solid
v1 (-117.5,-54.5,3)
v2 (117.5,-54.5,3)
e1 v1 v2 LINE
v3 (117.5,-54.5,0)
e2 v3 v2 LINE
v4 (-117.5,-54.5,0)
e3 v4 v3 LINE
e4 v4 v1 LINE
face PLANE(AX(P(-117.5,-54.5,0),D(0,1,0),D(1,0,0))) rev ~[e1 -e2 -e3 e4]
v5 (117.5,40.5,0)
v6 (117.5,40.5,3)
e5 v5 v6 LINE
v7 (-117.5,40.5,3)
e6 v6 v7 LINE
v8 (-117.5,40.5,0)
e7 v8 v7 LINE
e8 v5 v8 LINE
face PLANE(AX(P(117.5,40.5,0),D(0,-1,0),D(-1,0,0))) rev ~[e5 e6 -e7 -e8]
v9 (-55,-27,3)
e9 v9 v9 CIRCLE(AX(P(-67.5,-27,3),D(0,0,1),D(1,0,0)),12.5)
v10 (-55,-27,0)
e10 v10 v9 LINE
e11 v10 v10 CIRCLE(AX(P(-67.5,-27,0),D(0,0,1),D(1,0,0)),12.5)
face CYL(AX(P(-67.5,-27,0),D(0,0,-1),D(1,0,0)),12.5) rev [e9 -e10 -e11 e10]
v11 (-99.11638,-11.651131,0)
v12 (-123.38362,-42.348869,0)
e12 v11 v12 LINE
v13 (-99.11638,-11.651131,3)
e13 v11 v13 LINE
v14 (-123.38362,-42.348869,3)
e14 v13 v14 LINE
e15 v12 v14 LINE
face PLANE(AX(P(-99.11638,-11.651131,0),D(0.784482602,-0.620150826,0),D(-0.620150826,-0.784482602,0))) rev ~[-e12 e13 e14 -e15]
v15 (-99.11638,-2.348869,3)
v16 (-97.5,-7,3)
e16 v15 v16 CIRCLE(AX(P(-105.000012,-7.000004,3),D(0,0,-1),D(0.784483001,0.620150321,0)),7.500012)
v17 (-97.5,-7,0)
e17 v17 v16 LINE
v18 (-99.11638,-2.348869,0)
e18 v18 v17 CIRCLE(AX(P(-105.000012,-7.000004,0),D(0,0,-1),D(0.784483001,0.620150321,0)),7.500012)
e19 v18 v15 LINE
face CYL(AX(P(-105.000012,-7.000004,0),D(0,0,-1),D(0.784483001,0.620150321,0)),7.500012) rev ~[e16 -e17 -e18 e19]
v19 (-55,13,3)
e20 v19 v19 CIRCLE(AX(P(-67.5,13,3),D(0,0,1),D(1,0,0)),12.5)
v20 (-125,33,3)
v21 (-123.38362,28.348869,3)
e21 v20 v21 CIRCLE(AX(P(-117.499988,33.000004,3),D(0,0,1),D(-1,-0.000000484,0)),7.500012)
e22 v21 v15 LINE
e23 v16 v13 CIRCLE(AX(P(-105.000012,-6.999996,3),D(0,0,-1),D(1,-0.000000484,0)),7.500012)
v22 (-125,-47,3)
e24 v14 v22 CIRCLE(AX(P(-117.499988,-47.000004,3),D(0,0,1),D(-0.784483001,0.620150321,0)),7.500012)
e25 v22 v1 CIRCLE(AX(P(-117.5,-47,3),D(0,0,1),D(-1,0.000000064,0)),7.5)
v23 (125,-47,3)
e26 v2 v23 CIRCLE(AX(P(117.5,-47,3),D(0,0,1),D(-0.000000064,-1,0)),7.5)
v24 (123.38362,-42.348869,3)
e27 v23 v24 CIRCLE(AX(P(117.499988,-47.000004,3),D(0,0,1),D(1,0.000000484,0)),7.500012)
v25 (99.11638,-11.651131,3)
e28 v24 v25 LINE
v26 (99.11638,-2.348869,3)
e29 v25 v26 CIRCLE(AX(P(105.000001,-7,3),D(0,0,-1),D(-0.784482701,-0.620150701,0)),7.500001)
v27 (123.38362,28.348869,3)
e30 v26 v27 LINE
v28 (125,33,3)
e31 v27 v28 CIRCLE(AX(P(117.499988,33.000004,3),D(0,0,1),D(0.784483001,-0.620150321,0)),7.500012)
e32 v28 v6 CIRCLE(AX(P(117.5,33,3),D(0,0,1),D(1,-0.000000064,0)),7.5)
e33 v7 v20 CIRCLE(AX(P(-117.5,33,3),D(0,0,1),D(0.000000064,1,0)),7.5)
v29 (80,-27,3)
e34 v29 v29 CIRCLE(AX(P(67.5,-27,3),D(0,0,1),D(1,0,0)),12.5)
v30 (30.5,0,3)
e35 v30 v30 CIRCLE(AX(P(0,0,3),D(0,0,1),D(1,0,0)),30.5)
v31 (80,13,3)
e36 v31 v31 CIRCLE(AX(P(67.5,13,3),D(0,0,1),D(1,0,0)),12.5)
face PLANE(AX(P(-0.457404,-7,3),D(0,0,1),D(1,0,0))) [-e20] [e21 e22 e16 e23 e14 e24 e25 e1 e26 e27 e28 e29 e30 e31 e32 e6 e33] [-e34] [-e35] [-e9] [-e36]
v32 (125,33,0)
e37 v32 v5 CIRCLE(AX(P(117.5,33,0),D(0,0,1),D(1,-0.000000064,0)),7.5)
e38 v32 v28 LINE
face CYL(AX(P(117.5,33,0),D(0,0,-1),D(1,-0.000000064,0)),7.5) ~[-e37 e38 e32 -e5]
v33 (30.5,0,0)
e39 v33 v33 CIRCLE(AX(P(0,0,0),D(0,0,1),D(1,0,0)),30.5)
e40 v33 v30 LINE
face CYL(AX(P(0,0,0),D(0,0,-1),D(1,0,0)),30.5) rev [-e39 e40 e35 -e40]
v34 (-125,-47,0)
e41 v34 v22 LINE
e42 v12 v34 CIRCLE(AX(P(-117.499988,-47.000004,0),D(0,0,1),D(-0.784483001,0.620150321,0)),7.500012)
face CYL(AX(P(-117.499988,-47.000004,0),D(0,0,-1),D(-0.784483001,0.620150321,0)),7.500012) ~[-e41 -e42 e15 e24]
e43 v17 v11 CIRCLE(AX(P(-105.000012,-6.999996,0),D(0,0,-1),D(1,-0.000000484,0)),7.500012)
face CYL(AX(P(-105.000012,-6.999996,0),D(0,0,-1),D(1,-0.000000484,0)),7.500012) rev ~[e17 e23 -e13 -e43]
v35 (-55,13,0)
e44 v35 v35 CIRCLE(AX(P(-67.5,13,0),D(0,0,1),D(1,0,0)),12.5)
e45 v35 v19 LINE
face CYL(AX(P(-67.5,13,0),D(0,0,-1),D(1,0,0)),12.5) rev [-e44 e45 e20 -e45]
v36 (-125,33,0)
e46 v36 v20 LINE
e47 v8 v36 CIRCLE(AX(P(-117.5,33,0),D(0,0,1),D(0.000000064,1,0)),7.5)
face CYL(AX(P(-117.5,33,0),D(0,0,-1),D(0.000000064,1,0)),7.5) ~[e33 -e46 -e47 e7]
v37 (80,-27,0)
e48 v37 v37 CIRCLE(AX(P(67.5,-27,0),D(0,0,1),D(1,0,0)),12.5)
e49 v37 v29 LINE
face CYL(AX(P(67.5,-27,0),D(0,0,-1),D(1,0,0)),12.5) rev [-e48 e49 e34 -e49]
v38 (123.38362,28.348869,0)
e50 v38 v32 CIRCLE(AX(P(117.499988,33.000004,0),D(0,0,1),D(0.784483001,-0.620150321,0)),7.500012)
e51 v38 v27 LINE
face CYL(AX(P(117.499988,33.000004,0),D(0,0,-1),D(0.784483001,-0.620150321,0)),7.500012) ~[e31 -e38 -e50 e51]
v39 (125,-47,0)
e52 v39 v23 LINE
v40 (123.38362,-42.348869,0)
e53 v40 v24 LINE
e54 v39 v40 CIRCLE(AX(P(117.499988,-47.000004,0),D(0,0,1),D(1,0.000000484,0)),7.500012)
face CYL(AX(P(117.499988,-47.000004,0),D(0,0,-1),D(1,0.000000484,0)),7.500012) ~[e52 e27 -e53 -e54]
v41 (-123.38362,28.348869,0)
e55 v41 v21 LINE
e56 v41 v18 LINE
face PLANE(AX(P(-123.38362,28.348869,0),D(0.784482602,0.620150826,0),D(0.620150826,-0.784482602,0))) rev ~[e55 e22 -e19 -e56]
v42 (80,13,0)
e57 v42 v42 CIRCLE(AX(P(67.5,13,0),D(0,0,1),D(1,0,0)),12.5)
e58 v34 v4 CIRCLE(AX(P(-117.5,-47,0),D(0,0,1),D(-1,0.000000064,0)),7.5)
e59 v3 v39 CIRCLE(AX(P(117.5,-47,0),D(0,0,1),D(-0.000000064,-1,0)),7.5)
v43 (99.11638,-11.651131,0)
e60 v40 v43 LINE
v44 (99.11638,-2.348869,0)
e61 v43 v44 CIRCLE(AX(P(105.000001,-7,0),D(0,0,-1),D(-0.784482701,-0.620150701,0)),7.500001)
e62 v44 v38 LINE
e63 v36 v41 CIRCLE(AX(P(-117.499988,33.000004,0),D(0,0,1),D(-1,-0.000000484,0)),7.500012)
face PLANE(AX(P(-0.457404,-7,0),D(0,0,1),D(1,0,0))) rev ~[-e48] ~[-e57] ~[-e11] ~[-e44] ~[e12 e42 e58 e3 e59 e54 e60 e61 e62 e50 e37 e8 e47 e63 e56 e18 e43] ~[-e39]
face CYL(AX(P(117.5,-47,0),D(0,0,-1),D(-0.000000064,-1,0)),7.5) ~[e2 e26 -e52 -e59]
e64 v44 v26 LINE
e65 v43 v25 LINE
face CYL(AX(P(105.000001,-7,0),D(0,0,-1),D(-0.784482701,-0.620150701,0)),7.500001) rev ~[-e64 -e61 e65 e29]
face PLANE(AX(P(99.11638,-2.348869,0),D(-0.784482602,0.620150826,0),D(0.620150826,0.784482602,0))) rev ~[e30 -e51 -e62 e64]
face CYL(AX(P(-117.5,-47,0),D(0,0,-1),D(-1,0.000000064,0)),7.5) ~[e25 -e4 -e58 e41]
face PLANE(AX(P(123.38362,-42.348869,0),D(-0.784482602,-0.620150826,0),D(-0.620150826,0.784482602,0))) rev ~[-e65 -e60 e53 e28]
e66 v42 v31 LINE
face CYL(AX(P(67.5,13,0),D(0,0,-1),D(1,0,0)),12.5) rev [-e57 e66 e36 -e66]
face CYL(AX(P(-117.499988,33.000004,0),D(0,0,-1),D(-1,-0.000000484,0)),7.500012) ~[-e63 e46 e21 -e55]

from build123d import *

# Parameters (mm, degrees)
F0_R     = 12.5
F0_R_2   = 30.5
F1_DEPTH = 3


with BuildPart() as f1:
    # F0 (on Top) → F1 (new body)
    with BuildSketch(Plane.XY):
        with BuildLine():
            ThreePointArc((-110, -47), (-112.196699, -52.303301), (-117.5, -54.5))
            Line((-117.5, -54.5), (117.5, -54.5))
            ThreePointArc((117.5, -54.5), (110.749686, -43.731475), (123.38362, -42.348869))
            Line((123.38362, -42.348869), (99.11638, -11.651131))
            ThreePointArc((99.11638, -11.651131), (97.5, -7), (99.11638, -2.348869))
            Line((99.11638, -2.348869), (123.38362, 28.348869))
            ThreePointArc((123.38362, 28.348869), (110.749686, 29.731475), (117.5, 40.5))
            Line((117.5, 40.5), (-117.5, 40.5))
            ThreePointArc((-117.5, 40.5), (-112.196699, 38.303301), (-110, 33))
            ThreePointArc((-110, 33), (-115.038004, 25.915611), (-123.38362, 28.348869))
            Line((-123.38362, 28.348869), (-99.11638, -2.348869))
            ThreePointArc((-99.11638, -2.348869), (-97.915611, -4.538004), (-97.5, -7))
            ThreePointArc((-97.5, -7), (-97.915611, -9.461996), (-99.11638, -11.651131))
            Line((-99.11638, -11.651131), (-123.38362, -42.348869))
            ThreePointArc((-123.38362, -42.348869), (-115.038004, -39.915611), (-110, -47))
        make_face()
        with Locations((-67.5, -27)):
            Circle(F0_R, mode=Mode.SUBTRACT)
        with Locations((67.5, -27)):
            Circle(F0_R, mode=Mode.SUBTRACT)
        with Locations((-67.5, 13)):
            Circle(F0_R, mode=Mode.SUBTRACT)
        Circle(F0_R_2, mode=Mode.SUBTRACT)
        with Locations((67.5, 13)):
            Circle(F0_R, mode=Mode.SUBTRACT)
        with BuildLine():
            ThreePointArc((-117.5, 40.5), (-122.803301, 38.303301), (-125, 33))
            ThreePointArc((-125, 33), (-124.584389, 30.538004), (-123.38362, 28.348869))
            ThreePointArc((-123.38362, 28.348869), (-115.038004, 25.915611), (-110, 33))
            ThreePointArc((-110, 33), (-112.196699, 38.303301), (-117.5, 40.5))
        make_face()
        with BuildLine():
            ThreePointArc((-125, -47), (-122.803301, -52.303301), (-117.5, -54.5))
            ThreePointArc((-117.5, -54.5), (-112.196699, -52.303301), (-110, -47))
            ThreePointArc((-110, -47), (-115.038004, -39.915611), (-123.38362, -42.348869))
            ThreePointArc((-123.38362, -42.348869), (-124.584389, -44.538004), (-125, -47))
        make_face()
        with BuildLine():
            ThreePointArc((123.38362, -42.348869), (110.749686, -43.731475), (117.5, -54.5))
            ThreePointArc((117.5, -54.5), (122.803301, -52.303301), (125, -47))
            ThreePointArc((125, -47), (124.584389, -44.538004), (123.38362, -42.348869))
        make_face()
        with BuildLine():
            ThreePointArc((123.38362, 28.348869), (124.584389, 30.538004), (125, 33))
            ThreePointArc((125, 33), (122.803301, 38.303301), (117.5, 40.5))
            ThreePointArc((117.5, 40.5), (110.749686, 29.731475), (123.38362, 28.348869))
        make_face()
    extrude(amount=F1_DEPTH)


solid = f1.part
